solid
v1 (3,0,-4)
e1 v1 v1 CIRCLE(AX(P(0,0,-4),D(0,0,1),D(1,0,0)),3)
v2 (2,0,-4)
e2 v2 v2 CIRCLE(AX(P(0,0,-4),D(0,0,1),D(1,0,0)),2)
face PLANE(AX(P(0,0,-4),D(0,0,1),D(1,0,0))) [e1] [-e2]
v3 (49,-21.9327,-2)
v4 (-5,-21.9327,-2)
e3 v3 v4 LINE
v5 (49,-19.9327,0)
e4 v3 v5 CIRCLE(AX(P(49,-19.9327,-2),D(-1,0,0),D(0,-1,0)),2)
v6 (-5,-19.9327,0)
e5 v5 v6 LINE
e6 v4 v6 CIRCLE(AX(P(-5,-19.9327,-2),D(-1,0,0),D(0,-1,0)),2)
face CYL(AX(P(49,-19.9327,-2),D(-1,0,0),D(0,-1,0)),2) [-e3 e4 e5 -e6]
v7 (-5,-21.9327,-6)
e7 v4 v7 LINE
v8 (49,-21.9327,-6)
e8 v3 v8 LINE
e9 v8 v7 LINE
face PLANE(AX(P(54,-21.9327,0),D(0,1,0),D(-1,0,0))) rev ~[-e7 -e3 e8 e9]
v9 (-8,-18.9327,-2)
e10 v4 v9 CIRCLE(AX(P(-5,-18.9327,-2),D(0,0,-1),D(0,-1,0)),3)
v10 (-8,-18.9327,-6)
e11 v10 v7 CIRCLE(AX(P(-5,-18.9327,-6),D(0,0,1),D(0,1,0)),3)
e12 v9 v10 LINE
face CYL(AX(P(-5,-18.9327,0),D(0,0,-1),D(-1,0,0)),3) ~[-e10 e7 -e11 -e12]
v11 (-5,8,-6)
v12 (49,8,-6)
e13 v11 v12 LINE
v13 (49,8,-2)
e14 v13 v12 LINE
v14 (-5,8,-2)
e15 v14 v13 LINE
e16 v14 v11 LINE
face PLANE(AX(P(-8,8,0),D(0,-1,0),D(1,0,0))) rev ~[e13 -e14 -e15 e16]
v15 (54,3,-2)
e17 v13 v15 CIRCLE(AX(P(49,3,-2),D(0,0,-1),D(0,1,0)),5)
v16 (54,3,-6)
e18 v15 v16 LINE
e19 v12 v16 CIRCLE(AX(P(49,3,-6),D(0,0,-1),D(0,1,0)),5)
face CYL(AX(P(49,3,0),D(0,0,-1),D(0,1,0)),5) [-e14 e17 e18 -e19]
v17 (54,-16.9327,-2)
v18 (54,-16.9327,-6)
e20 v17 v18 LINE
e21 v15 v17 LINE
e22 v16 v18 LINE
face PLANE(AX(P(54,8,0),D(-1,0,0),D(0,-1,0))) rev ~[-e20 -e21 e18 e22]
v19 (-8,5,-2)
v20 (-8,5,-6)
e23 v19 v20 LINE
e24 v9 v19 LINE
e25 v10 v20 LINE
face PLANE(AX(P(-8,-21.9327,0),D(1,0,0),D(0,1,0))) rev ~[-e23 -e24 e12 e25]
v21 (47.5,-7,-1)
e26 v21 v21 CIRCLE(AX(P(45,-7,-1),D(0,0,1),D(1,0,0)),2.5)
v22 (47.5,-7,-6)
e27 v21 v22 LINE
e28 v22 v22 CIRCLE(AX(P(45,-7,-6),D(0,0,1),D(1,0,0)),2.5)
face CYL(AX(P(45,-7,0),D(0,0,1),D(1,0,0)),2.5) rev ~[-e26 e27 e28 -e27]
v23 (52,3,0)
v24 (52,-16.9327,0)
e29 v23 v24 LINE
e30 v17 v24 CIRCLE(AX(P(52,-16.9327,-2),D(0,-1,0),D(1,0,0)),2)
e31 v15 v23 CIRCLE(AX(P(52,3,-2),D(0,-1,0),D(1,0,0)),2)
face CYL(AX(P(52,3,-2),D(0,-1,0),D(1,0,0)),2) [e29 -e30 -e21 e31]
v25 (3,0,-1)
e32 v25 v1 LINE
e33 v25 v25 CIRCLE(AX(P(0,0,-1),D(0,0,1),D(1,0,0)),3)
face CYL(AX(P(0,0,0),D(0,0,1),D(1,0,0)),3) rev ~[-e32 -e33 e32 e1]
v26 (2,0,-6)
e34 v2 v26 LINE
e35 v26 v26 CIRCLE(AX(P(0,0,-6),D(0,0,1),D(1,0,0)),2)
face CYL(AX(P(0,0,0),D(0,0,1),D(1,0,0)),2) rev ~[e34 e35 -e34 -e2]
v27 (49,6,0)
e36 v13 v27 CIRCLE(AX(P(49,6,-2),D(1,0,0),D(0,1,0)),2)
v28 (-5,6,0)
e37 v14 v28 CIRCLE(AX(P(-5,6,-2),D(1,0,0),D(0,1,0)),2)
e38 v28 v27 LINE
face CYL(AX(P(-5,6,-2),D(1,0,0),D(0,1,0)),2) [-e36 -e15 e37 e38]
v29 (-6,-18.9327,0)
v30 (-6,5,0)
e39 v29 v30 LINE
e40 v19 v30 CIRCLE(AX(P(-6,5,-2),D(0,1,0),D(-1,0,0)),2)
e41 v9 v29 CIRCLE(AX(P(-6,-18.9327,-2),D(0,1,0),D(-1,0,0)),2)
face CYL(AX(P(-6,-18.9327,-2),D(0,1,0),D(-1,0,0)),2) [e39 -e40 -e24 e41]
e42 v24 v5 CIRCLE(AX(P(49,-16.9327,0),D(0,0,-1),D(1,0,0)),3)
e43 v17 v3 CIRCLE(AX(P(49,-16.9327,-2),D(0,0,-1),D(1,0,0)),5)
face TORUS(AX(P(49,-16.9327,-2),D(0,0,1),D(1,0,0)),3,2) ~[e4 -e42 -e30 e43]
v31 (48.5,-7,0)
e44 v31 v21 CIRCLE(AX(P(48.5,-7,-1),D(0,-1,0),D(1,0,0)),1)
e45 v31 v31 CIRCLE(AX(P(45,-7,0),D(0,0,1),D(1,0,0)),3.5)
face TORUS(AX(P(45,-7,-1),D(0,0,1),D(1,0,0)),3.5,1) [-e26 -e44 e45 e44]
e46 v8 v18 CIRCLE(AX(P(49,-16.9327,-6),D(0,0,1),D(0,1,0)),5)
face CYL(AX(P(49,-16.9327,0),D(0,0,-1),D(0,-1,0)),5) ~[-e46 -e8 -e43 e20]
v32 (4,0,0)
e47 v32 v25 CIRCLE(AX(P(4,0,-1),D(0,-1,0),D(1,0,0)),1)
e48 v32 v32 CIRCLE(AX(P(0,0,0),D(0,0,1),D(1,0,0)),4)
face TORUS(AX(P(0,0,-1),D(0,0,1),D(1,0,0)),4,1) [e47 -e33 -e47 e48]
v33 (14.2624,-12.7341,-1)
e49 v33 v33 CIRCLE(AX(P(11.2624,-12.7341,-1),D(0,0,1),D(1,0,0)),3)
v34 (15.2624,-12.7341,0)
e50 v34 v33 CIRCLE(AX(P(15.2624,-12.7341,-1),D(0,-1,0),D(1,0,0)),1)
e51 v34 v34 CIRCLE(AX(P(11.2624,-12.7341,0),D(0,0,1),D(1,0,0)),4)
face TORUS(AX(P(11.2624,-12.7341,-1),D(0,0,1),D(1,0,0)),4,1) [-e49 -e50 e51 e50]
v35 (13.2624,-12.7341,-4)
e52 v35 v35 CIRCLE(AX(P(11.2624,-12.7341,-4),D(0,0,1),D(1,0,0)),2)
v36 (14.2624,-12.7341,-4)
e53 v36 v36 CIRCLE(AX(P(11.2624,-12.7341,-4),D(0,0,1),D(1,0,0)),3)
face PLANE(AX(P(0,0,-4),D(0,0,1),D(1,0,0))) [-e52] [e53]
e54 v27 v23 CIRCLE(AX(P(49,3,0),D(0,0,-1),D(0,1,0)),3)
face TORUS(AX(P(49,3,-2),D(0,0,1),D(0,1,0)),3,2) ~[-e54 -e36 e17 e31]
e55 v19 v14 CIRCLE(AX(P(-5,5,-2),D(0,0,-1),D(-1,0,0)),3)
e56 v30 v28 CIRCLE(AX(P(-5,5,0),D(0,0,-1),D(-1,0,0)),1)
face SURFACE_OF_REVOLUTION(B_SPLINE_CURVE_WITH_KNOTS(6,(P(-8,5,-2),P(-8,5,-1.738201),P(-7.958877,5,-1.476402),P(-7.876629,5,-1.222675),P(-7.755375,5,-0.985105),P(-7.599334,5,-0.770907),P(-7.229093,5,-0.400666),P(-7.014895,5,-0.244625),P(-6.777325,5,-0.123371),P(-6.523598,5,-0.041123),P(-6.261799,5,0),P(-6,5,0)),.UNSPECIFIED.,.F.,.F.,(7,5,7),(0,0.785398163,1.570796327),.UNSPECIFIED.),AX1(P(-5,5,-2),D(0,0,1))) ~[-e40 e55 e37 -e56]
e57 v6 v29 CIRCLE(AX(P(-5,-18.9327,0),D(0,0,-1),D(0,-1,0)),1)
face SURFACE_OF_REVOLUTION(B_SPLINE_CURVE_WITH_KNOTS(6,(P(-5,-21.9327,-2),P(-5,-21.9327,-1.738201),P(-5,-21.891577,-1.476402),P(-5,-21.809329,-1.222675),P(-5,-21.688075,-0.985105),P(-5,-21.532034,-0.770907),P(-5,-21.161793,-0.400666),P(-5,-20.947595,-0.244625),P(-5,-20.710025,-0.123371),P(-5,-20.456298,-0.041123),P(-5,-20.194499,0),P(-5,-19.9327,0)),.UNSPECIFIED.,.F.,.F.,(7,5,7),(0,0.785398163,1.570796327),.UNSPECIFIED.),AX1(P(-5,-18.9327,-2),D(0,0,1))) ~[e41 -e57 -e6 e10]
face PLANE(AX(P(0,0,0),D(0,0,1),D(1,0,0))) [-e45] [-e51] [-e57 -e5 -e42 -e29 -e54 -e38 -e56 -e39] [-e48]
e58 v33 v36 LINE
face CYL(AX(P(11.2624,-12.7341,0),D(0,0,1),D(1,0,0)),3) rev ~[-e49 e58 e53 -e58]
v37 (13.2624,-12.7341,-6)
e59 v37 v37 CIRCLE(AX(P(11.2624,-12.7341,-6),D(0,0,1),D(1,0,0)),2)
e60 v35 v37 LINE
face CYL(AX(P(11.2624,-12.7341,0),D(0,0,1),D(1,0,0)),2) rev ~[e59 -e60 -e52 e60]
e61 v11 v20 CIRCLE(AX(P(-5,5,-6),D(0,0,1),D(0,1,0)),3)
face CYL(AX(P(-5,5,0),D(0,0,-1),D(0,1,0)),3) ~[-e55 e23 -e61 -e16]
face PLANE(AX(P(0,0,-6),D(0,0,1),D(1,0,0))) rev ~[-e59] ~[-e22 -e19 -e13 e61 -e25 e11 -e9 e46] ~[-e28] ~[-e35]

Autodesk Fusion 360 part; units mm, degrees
sketch "Sketch1" plane through (0, 0, 0) normal (0, 0, 1) x (1, 0, 0)
  circle A0 centre (0, 0) radius 2
  circle A1 centre (11.2624, -12.7341) radius 2
  circle A2 centre (11.2624, -12.7341) radius 3
  circle A3 centre (0, 0) radius 3
  line L0 (-8, 8) -> (54, 8)
  line L1 (54, 8) -> (54, -21.9327)
  line L2 (54, -21.9327) -> (-8, -21.9327)
  line L3 (-8, -21.9327) -> (-8, 8)
  circle A4 centre (45, -7) radius 2.5
  dimension "d1" = 4
  dimension "d2" = 4
  dimension "d3" = 6
  dimension "d4" = 6
  dimension "d5" = 17
  dimension "d6" = 5
extrude "Extrude1" add sketch "Sketch1" against normal blind 6 contours A2 | A3 | L0 L1 L2 L3
extrude "Extrude2" cut sketch "Sketch1" against normal blind 4 contours A2 | A3
fillet "Fillet1" radius 5 2 edges at (54, -21.9327, -3) (54, 8, -3)
fillet "Fillet2" radius 3 2 edges at (-8, -21.9327, -3) (-8, 8, -3)
fillet "Fillet3" radius 2 8 edges at (-8, -6.9663, 0) (-7.1213, 7.1213, 0) (22, 8, 0) (52.5355, 6.5355, 0) (54, -6.9663, 0) (52.5355, -20.4682, 0) (22, -21.9327, 0) (-7.1213, -21.054, 0)
fillet "Fillet4" radius 1 3 edges at (42.6692, -6.096, 0) (8.4654, -11.6493, 0) (-2.797, 1.0848, 0)
